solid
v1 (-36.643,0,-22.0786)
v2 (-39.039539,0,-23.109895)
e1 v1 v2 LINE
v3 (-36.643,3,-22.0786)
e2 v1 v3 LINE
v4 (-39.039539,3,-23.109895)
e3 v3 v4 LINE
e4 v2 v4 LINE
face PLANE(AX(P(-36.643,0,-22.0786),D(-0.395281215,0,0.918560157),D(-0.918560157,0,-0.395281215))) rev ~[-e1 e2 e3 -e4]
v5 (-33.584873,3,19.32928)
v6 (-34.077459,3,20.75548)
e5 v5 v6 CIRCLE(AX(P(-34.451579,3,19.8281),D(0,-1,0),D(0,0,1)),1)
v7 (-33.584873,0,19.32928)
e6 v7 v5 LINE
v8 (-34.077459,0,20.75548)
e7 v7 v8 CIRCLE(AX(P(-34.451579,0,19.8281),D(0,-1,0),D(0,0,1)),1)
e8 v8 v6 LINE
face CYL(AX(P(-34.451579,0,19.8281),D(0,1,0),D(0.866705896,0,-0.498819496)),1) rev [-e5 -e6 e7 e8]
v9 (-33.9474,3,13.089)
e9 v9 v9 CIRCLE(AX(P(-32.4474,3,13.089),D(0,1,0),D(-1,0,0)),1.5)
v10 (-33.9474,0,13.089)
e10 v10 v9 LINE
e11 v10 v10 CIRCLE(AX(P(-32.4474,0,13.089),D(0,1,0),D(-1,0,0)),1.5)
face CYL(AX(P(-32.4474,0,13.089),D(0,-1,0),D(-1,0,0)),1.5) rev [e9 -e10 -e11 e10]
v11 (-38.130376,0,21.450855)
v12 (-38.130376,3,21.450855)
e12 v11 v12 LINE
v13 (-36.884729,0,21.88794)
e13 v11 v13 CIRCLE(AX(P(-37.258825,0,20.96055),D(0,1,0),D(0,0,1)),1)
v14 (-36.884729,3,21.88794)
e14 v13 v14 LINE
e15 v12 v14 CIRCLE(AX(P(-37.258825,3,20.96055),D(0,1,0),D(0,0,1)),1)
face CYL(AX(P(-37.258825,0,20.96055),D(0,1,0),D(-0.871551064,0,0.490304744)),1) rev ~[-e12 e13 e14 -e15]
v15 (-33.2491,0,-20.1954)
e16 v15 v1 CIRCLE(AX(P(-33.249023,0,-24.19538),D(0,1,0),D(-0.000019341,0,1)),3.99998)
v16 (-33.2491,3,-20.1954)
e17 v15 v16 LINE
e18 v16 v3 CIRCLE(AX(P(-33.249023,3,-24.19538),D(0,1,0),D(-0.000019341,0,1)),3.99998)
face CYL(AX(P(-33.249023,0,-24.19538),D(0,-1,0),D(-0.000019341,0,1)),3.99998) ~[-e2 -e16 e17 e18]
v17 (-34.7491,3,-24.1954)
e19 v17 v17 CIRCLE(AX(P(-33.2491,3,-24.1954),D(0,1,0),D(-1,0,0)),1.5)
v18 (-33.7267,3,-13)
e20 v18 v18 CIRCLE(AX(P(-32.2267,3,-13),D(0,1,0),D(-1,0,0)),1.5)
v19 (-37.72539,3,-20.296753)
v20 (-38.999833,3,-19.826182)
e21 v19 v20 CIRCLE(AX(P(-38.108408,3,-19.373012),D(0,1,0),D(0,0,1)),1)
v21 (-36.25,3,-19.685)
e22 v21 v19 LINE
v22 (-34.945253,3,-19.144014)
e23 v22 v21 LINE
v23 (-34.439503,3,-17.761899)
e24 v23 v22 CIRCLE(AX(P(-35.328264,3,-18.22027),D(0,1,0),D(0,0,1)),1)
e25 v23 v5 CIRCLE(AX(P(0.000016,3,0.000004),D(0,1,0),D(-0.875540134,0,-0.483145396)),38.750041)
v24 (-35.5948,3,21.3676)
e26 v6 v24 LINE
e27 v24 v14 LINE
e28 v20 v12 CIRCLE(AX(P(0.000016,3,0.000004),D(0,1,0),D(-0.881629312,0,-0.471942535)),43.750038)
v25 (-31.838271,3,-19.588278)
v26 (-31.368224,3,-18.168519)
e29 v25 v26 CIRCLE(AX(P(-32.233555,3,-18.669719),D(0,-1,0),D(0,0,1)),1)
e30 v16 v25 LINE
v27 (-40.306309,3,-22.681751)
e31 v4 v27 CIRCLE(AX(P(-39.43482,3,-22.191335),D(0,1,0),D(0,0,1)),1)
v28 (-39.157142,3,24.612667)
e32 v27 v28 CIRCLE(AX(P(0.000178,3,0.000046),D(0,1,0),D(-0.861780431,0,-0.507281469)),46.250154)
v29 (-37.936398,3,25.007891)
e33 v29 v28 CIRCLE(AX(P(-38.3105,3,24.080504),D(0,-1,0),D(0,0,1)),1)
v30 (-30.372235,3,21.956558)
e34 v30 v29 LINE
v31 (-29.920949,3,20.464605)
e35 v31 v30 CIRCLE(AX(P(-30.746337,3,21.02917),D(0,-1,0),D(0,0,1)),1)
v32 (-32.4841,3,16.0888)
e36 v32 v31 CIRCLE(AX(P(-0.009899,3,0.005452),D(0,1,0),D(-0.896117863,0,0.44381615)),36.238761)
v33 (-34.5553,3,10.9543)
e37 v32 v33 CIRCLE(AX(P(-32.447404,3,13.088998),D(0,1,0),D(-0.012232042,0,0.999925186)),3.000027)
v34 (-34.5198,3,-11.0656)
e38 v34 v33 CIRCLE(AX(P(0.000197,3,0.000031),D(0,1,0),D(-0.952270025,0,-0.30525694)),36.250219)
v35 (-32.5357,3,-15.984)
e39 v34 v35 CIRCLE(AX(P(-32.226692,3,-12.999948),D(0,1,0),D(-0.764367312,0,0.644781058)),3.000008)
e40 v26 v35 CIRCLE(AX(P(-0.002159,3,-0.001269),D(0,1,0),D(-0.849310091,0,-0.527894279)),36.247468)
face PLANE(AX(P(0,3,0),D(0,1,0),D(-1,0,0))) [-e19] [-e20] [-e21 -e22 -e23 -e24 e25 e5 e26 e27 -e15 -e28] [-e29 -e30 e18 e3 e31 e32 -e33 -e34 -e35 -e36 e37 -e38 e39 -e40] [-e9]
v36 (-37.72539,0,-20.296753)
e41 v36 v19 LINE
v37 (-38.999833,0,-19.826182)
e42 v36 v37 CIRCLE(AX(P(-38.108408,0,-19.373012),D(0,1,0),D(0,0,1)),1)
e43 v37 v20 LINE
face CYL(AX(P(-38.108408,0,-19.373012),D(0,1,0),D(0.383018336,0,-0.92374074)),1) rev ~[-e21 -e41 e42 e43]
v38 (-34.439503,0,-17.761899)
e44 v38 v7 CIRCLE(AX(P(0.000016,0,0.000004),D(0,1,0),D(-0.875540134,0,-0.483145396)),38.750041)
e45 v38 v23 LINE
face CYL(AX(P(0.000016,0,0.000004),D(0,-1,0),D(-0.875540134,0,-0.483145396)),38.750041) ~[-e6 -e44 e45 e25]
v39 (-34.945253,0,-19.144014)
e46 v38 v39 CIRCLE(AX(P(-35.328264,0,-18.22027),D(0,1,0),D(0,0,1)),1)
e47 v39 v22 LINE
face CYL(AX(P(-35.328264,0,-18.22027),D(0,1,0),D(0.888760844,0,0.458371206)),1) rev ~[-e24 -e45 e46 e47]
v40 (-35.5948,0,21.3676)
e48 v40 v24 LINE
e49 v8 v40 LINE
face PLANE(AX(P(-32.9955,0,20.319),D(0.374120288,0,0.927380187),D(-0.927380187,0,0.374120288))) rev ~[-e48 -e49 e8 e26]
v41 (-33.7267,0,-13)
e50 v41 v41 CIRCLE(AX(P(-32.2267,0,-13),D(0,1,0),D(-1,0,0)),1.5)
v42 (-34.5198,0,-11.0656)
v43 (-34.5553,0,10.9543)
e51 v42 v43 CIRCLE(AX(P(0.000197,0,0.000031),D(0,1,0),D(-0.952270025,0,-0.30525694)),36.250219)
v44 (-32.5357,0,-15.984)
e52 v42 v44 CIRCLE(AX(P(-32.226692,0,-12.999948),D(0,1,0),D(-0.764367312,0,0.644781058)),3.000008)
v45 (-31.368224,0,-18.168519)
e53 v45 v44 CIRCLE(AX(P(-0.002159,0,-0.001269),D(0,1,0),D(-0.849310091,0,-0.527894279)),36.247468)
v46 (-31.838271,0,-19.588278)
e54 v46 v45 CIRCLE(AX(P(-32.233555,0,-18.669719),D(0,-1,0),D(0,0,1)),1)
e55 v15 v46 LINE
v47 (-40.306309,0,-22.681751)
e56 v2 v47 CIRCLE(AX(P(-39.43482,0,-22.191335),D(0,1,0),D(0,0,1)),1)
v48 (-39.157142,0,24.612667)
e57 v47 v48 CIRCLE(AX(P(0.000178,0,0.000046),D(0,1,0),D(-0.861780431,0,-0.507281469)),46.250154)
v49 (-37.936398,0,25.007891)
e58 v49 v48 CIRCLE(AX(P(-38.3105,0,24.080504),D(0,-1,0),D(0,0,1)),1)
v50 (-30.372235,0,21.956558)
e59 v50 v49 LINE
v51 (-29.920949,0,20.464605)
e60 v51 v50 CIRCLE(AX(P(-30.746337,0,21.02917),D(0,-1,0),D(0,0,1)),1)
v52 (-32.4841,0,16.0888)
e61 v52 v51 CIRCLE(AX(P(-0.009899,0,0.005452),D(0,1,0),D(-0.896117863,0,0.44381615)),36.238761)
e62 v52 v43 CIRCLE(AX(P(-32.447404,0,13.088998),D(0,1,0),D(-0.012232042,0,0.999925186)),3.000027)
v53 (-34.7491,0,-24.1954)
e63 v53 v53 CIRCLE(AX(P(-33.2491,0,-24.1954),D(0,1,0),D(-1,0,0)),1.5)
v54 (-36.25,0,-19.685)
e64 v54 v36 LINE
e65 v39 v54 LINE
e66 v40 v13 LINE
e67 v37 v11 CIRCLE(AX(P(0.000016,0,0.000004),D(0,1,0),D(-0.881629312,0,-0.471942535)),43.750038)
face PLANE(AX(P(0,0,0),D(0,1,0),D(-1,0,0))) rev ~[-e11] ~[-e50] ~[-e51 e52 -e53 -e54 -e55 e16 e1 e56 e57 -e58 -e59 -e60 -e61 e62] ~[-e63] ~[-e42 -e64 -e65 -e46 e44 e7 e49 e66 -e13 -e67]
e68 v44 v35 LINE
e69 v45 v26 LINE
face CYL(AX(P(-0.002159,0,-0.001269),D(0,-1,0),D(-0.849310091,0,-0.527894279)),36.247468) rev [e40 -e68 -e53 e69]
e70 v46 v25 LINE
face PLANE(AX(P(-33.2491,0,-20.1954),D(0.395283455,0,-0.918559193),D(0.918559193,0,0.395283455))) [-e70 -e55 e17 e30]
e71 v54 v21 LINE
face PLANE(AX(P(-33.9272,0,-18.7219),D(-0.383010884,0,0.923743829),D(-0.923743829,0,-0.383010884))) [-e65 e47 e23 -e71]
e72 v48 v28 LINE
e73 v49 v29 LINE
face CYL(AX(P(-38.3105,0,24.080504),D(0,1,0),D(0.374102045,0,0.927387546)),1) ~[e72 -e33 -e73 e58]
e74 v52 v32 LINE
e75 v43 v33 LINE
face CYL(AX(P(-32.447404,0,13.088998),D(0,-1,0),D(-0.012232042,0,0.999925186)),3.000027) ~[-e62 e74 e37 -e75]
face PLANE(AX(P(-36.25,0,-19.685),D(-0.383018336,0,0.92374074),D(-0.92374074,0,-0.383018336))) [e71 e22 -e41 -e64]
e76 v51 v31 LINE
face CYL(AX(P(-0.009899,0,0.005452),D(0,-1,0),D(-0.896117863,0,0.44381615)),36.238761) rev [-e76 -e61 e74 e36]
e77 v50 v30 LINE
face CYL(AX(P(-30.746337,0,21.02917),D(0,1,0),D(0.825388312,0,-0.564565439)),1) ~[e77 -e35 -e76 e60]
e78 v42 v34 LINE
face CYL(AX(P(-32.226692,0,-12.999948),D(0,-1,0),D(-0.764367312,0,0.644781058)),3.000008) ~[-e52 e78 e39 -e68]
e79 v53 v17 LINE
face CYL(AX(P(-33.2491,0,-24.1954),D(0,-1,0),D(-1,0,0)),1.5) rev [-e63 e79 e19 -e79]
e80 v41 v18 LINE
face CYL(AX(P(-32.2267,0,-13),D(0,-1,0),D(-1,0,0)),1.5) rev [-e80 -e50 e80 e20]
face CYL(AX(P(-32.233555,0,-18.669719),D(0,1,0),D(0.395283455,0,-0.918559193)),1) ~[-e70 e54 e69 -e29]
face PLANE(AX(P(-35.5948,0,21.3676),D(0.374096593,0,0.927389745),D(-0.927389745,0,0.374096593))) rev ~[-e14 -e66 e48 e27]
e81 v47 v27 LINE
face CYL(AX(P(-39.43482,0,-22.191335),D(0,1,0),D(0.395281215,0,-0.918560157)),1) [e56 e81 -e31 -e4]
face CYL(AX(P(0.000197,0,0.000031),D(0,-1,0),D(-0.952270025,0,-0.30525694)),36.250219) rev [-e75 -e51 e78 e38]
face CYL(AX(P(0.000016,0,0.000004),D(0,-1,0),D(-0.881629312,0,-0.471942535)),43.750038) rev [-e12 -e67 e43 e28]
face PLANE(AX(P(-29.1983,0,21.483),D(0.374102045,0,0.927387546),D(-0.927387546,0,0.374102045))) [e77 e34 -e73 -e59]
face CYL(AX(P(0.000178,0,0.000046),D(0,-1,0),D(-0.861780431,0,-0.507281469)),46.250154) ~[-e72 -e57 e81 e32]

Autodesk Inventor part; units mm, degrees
ref_plane "YZ Plane" through (0, 0, 0) normal (1, 0, 0) x (0, 1, 0)
ref_plane "XZ Plane" through (0, 0, 0) normal (0, 1, 0) x (-1, 0, 0)
ref_plane "XY Plane" through (0, 0, 0) normal (0, 0, 1) x (1, 0, 0)
sketch "Sketch1" plane through (0, 0, 0) normal (0, 1, 0) x (-1, 0, 0)
  circle A0 centre (32.4474, 13.089) radius 1.5
  circle A1 centre (32.2267, -13) radius 1.5
  arc A2 (39.8573, -23.4618) -> (38.7049, 25.3179) centre (0, 0) ccw
  line L0 (32.9955, 20.319) -> (35.5948, 21.3676)
  line L1 (29.1983, 21.483) -> (38.7049, 25.3179)
  circle A3 centre (33.2491, -24.1954) radius 1.5
  line L2 (36.25, -19.685) -> (38.5713, -20.6475)
  line L3 (35.5948, 21.3676) -> (37.6913, 22.2133)
  line L4 (33.9272, -18.7219) -> (36.25, -19.685)
  arc A4 (33.9272, -18.7219) -> (32.9955, 20.319) centre (0, 0) ccw
  arc A5 (38.5713, -20.6475) -> (37.6913, 22.2133) centre (0, 0) ccw
  arc A6 (32.4841, 16.0888) -> (29.1983, 21.483) centre (0, 0) ccw
  arc A7 (30.7875, -19.1361) -> (32.5357, -15.984) centre (0, 0) ccw
  arc A8 (34.5198, -11.0656) -> (34.5553, 10.9543) centre (0, 0) ccw
  arc A9 (32.4841, 16.0888) -> (34.5553, 10.9543) centre (32.4474, 13.089) ccw
  arc A10 (34.5198, -11.0656) -> (32.5357, -15.984) centre (32.2267, -13) ccw
  line L5 (33.2491, -20.1954) -> (30.7875, -19.1361)
  line L6 (36.643, -22.0786) -> (39.8573, -23.4618)
  arc A11 (33.2491, -20.1954) -> (36.643, -22.0786) centre (33.2491, -24.1954) ccw
  dimension "d29" = 4
  dimension "d30" = 3
  dimension "d31" = 3
  dimension "d32" = 46.25
  dimension "d33" = 43.75
  dimension "d34" = 38.75
  dimension "d35" = 36.25
  dimension "d36" = 36.25
  dimension "d37" = 0.764
  dimension "d38" = 45.253
  dimension "d39" = 0.764
  dimension "d40" = 0.3882
  dimension "d41" = 2.5
  dimension "d42" = 2.1071
  dimension "d43" = 43.1688
  dimension "d44" = 44.3514
  dimension "d45" = 2.0605
  dimension "d46" = 2.0432
  dimension "d47" = 39.4934
  dimension "d48" = 29.5173
  dimension "d49" = 9.2767
  dimension "d50" = 1.6208
  dimension "d51" = 33.4149
  dimension "d52" = 5.7959
  dimension "d53" = 4.2998
  dimension "d54" = 26.089
extrude "Extrusion1" add sketch "Sketch1" along normal blind 3
fillet "Fillet1" radius 1 8 edges at (-29.1983, 1.5, 21.483) (-38.7049, 1.5, 25.3179) (-38.5713, 1.5, -20.6475) (-30.7875, 1.5, -19.1361) (-33.9272, 1.5, -18.7219) (-39.8573, 1.5, -23.4618) (-32.9955, 1.5, 20.319) (-37.6913, 1.5, 22.2133)
properties part number "reverse gear reverse gear"
